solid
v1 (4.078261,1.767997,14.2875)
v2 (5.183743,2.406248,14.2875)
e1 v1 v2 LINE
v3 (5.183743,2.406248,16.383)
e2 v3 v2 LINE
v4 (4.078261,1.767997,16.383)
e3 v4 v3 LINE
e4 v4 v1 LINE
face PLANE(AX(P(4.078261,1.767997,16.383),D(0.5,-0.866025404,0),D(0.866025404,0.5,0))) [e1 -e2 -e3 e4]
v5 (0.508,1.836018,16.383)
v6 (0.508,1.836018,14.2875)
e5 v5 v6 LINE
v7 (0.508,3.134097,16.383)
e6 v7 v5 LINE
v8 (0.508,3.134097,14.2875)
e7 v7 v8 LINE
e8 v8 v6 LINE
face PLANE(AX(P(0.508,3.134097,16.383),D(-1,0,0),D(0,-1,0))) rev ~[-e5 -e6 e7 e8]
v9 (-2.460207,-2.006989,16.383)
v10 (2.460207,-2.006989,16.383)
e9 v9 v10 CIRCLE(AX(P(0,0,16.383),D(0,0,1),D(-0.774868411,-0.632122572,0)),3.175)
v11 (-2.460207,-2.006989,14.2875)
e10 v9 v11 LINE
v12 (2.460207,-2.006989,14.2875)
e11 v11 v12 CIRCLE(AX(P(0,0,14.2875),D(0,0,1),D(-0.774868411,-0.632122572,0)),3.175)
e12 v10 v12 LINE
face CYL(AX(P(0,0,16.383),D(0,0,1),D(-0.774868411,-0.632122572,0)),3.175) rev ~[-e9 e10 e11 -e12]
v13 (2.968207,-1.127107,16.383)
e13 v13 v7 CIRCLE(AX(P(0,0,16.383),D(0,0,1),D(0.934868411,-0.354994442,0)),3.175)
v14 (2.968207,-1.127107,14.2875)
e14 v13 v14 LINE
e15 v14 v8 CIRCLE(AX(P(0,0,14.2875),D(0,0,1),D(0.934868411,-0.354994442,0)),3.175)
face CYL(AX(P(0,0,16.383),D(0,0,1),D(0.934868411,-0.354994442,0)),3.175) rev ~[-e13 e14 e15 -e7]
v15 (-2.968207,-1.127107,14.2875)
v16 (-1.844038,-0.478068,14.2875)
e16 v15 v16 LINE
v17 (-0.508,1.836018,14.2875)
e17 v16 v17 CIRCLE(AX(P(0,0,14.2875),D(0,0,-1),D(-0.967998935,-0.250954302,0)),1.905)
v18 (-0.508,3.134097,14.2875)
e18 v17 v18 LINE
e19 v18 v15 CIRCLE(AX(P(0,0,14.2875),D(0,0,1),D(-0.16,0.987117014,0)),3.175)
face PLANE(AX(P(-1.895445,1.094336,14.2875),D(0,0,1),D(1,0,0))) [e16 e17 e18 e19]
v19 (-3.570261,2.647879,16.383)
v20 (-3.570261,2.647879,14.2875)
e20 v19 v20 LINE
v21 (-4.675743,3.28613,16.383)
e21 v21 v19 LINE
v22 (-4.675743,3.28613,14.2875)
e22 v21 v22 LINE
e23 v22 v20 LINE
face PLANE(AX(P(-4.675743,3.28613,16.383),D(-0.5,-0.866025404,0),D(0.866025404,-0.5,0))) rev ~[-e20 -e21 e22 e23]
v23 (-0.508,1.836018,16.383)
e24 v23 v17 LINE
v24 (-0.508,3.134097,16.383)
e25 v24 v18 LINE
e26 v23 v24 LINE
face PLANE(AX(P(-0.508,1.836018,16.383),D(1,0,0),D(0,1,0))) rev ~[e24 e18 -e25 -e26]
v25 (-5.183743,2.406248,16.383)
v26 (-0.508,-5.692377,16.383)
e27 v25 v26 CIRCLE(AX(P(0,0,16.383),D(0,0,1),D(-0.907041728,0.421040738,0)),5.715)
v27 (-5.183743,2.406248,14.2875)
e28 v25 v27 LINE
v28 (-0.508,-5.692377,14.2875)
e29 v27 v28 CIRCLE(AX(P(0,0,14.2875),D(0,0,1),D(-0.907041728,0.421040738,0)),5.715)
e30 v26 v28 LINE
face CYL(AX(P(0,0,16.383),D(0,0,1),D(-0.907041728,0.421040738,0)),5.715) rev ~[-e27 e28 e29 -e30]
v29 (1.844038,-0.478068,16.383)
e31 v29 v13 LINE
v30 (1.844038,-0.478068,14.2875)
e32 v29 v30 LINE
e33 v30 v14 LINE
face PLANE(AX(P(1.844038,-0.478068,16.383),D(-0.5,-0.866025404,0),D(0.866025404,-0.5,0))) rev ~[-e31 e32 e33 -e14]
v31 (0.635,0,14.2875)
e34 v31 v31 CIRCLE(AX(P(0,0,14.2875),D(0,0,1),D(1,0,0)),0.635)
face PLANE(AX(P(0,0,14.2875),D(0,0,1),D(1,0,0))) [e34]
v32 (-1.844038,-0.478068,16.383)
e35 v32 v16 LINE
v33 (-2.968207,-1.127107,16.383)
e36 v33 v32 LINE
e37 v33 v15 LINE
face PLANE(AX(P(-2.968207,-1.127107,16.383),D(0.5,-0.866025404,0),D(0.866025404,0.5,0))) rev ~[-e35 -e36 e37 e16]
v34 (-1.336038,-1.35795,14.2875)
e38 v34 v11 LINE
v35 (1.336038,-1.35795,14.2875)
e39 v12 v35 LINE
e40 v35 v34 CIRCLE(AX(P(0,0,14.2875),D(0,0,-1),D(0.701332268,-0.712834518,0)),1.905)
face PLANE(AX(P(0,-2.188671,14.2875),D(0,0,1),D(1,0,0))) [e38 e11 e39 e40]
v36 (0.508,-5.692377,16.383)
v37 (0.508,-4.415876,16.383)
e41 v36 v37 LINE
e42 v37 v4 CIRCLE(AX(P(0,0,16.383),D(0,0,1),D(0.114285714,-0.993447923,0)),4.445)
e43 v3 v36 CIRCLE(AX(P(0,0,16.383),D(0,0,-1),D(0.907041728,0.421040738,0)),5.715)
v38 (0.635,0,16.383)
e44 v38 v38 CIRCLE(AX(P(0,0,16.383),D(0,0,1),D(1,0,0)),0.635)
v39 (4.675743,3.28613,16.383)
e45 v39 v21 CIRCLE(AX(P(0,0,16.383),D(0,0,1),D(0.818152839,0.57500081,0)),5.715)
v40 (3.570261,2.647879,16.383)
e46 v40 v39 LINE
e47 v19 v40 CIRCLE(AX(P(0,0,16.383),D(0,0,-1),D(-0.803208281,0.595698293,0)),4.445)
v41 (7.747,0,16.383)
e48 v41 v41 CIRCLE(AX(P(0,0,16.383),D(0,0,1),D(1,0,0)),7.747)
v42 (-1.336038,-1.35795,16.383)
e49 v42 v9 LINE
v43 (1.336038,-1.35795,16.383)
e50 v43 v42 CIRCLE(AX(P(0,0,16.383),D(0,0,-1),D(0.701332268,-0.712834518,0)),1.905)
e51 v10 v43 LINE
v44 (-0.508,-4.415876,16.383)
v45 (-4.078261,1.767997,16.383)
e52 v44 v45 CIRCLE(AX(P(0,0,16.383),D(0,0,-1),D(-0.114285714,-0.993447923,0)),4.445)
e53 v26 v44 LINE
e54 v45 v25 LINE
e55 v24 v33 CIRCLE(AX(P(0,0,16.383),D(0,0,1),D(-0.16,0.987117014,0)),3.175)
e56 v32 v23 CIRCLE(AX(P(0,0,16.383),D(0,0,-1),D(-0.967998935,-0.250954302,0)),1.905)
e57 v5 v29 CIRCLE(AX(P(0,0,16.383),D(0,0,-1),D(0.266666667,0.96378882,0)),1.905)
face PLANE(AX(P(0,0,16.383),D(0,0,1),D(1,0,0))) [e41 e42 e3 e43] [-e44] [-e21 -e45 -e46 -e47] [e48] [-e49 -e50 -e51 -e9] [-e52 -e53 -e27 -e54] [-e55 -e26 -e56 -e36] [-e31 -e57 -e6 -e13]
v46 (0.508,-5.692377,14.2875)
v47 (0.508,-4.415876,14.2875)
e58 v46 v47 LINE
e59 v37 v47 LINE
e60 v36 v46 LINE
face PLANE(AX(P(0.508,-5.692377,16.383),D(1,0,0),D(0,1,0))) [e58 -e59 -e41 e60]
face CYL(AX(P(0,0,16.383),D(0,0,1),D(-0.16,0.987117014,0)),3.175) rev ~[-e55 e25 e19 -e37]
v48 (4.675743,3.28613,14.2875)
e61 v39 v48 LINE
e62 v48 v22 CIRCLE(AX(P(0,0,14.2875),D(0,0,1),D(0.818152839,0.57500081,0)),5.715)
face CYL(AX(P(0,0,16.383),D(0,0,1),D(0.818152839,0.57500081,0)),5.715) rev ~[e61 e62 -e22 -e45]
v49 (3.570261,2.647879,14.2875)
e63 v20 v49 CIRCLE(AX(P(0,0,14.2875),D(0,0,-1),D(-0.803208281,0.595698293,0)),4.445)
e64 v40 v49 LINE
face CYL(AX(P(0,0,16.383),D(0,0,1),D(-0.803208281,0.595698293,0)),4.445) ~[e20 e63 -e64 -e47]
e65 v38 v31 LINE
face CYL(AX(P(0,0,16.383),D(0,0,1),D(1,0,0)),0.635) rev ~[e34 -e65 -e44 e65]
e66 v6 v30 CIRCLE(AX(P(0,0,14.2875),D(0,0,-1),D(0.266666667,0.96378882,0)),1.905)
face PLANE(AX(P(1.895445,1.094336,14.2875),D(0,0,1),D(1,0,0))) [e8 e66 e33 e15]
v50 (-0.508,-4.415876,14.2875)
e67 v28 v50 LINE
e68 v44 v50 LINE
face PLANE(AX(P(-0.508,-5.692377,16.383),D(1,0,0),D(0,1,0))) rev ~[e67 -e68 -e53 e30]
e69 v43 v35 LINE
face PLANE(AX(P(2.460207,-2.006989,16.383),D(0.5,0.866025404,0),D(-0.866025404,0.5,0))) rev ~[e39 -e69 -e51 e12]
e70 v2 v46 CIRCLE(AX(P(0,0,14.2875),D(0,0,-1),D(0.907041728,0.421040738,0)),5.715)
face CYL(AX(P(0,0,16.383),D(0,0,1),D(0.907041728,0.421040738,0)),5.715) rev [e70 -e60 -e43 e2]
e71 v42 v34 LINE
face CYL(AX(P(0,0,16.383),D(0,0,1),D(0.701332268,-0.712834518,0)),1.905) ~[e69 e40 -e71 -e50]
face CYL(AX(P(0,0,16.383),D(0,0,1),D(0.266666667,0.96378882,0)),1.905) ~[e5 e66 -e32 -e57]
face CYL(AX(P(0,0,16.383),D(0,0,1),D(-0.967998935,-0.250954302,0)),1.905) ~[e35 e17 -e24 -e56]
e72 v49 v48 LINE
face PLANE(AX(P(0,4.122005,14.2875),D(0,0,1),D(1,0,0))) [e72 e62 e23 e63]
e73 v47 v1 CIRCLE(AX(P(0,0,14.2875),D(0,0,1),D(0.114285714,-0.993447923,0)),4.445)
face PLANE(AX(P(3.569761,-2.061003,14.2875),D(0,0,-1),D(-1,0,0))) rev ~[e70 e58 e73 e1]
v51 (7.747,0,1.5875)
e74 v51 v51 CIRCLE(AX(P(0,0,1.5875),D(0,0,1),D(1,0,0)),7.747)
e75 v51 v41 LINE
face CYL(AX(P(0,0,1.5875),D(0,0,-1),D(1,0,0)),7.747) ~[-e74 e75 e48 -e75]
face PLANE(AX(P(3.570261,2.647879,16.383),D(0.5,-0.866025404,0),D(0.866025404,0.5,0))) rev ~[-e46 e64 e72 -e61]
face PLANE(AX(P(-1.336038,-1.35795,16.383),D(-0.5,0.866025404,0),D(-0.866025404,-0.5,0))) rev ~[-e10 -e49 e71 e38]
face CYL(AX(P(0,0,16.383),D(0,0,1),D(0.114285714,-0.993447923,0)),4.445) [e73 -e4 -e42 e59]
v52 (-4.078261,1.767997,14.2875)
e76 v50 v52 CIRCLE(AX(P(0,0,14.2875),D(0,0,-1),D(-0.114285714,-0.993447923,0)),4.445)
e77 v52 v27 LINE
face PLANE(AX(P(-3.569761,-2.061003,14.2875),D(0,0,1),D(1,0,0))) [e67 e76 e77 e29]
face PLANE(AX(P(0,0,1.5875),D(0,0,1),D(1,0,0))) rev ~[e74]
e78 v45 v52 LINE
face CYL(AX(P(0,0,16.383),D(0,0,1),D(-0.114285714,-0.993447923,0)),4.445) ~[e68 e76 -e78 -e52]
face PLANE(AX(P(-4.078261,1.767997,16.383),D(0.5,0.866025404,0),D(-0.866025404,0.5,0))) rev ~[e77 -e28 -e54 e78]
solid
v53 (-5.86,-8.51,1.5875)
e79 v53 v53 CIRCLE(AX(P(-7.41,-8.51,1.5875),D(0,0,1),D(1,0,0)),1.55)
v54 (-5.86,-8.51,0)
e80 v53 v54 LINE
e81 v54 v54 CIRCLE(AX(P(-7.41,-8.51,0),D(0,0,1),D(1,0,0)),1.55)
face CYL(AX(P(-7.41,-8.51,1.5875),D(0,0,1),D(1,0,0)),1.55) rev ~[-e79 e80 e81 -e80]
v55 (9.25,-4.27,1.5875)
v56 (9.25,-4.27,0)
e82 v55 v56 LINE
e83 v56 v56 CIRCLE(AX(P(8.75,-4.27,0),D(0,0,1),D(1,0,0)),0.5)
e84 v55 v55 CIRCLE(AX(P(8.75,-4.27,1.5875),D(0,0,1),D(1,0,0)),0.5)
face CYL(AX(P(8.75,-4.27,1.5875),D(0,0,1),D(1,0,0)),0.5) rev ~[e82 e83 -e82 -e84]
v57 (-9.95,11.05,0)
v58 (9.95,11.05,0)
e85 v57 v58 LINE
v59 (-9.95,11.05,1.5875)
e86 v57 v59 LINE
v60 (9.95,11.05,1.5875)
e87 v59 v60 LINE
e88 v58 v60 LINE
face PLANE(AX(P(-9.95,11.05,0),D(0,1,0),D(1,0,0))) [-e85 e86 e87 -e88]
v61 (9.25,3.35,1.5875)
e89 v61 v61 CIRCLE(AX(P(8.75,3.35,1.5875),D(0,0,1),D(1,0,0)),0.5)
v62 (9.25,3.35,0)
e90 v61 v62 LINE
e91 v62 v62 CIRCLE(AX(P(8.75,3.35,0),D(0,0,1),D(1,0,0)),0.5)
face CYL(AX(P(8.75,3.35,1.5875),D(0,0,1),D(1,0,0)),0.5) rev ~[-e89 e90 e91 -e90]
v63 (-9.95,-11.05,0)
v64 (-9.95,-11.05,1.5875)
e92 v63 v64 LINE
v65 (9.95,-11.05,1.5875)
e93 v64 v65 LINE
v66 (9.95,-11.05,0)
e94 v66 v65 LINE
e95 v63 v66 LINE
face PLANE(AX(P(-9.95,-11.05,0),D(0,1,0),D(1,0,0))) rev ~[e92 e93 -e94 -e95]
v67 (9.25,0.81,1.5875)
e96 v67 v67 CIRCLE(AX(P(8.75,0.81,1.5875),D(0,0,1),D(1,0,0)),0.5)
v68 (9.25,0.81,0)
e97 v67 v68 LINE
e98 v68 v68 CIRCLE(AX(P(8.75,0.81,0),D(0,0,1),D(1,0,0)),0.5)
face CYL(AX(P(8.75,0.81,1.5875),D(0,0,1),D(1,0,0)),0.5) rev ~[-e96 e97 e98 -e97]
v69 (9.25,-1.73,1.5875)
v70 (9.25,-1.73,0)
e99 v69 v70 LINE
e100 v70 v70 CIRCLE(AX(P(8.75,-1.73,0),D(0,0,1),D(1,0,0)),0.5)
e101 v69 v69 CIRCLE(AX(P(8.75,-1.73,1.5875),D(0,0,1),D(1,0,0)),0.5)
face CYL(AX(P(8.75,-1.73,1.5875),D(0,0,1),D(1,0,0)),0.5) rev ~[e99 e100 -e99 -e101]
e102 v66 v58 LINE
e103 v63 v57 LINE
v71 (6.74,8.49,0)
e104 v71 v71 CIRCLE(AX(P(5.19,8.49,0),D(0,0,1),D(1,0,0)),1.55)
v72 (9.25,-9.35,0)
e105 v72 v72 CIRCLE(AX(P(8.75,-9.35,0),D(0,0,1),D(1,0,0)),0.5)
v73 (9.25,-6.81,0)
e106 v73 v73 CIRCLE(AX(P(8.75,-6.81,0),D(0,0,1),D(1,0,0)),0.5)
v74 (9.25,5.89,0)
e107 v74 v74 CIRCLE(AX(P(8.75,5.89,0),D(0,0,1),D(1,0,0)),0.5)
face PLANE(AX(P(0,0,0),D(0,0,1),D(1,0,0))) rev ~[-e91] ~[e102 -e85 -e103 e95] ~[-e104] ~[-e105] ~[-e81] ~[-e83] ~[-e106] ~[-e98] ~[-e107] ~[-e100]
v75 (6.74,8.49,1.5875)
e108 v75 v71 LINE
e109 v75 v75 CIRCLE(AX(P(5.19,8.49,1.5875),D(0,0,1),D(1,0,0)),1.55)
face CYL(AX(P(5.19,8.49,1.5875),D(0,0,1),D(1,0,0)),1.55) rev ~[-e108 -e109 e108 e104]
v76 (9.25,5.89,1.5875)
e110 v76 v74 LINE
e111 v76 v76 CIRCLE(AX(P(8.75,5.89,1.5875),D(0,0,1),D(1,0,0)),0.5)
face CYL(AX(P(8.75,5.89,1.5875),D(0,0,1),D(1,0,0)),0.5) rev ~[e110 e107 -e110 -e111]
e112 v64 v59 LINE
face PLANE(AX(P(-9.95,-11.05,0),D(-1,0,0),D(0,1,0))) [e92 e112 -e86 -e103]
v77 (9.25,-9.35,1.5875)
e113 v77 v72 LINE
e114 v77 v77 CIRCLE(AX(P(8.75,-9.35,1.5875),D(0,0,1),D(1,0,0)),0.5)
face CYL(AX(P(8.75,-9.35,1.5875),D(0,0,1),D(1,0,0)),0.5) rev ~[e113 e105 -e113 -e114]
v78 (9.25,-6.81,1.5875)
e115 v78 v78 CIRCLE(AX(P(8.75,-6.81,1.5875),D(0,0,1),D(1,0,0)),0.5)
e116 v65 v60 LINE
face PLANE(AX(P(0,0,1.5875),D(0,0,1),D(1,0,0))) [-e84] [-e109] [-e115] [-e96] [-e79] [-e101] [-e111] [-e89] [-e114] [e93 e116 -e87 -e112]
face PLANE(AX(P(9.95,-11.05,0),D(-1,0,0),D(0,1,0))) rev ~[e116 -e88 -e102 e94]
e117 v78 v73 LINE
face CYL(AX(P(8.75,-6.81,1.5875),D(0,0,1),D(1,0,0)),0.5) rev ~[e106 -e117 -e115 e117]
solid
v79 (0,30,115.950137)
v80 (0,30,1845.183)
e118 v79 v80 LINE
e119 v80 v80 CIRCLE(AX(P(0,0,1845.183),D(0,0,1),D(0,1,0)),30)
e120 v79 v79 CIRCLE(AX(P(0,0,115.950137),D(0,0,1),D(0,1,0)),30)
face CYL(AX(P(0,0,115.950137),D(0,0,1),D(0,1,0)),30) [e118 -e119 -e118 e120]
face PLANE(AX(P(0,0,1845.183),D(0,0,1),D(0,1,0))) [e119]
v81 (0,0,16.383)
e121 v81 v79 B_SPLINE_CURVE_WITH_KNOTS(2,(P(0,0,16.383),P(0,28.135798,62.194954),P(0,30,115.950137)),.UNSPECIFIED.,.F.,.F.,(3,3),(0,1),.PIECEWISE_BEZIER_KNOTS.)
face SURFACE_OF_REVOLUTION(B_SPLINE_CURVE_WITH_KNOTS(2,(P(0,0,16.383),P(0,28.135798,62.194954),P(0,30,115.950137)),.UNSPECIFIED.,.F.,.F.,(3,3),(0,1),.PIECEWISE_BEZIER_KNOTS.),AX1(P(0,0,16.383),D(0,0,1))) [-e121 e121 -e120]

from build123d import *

# Parameters (mm, degrees)
SKETCH1_W          = 19.9
SKETCH1_H          = 22.1
EXTRUDE1_DEPTH     = 1.5875
SKETCH2_R          = 7.747
EXTRUDE2_DEPTH     = 14.7955
SKETCH3_R          = 0.635
EXTRUDE3_DEPTH     = 2.0955
SKETCH5_R          = 1.55
CUT_EXTRUDE1_DEPTH = 2.5875
SKETCH6_R          = 0.5
CUT_EXTRUDE2_DEPTH = 2.5875


with BuildPart() as part:
    # Sketch1 → Extrude1 (new body)
    with BuildSketch(Plane.XY):
        Rectangle(SKETCH1_W, SKETCH1_H)
    extrude(amount=EXTRUDE1_DEPTH)

    # Sketch5 → Cut-Extrude1 (cut, through all)
    with BuildSketch(Plane.XY.offset(1.5875)):
        with Locations((5.19, 8.49)):
            Circle(SKETCH5_R)
        with Locations((-7.41, -8.51)):
            Circle(SKETCH5_R)
    extrude(amount=-CUT_EXTRUDE1_DEPTH, mode=Mode.SUBTRACT)

    # Sketch6 → Cut-Extrude2 (cut, through all)
    with BuildSketch(Plane.XY.offset(1.5875)):
        with Locations((8.75, 5.89)):
            Circle(SKETCH6_R)
        with Locations((8.75, 3.35)):
            Circle(SKETCH6_R)
        with Locations((8.75, 0.81)):
            Circle(SKETCH6_R)
        with Locations((8.75, -1.73)):
            Circle(SKETCH6_R)
        with Locations((8.75, -4.27)):
            Circle(SKETCH6_R)
        with Locations((8.75, -6.81)):
            Circle(SKETCH6_R)
        with Locations((8.75, -9.35)):
            Circle(SKETCH6_R)
    extrude(amount=-CUT_EXTRUDE2_DEPTH, mode=Mode.SUBTRACT)


with BuildPart() as body_2:
    # Sketch2 → Extrude2 (new body)
    with BuildSketch(Plane.XY.offset(1.5875)):
        Circle(SKETCH2_R)
    extrude(amount=EXTRUDE2_DEPTH)

    # Sketch3 → Extrude3 (cut)
    with BuildSketch(Plane.XY.offset(16.383)):
        with BuildLine():
            Line((3.570260811, 2.647878914), (4.675743477, 3.286129629))
            ThreePointArc((4.675743477, 3.286129629), (0, 5.715), (-4.675743477, 3.286129629))
            Line((-4.675743477, 3.286129629), (-3.570260811, 2.647878914))
            ThreePointArc((-3.570260811, 2.647878914), (0, 4.445), (3.570260811, 2.647878914))
        make_face()
        with BuildLine():
            Line((-4.078260811, 1.767997104), (-5.183743477, 2.406247818))
            ThreePointArc((-5.183743477, 2.406247818), (-4.949335183, -2.8575), (-0.508, -5.692377447))
            Line((-0.508, -5.692377447), (-0.508, -4.415876017))
            ThreePointArc((-0.508, -4.415876017), (-3.84948292, -2.2225), (-4.078260811, 1.767997104))
        make_face()
        with BuildLine():
            Line((-0.508, 1.836017701), (-0.508, 3.134096521))
            ThreePointArc((-0.508, 3.134096521), (-2.749630657, 1.5875), (-2.968207205, -1.127107355))
            Line((-2.968207205, -1.127107355), (-1.844037971, -0.478067946))
            ThreePointArc((-1.844037971, -0.478067946), (-1.649778394, 0.9525), (-0.508, 1.836017701))
        make_face()
        with BuildLine():
            Line((-1.336037971, -1.357949756), (-2.460207205, -2.006989165))
            ThreePointArc((-2.460207205, -2.006989165), (0, -3.175), (2.460207205, -2.006989165))
            Line((2.460207205, -2.006989165), (1.336037971, -1.357949756))
            ThreePointArc((1.336037971, -1.357949756), (0, -1.905), (-1.336037971, -1.357949756))
        make_face()
        Circle(SKETCH3_R)
        with BuildLine():
            Line((1.844037971, -0.478067946), (2.968207205, -1.127107355))
            ThreePointArc((2.968207205, -1.127107355), (2.749630657, 1.5875), (0.508, 3.134096521))
            Line((0.508, 3.134096521), (0.508, 1.836017701))
            ThreePointArc((0.508, 1.836017701), (1.649778394, 0.9525), (1.844037971, -0.478067946))
        make_face()
        with BuildLine():
            ThreePointArc((0.508, -4.415876017), (3.84948292, -2.2225), (4.078260811, 1.767997104))
            Line((4.078260811, 1.767997104), (5.183743477, 2.406247818))
            ThreePointArc((5.183743477, 2.406247818), (4.949335183, -2.8575), (0.508, -5.692377447))
            Line((0.508, -5.692377447), (0.508, -4.415876017))
        make_face()
    extrude(amount=-EXTRUDE3_DEPTH, mode=Mode.SUBTRACT)


with BuildPart() as body_3:
    # Sketch7 → Revolve2 (revolve)
    with BuildSketch(Plane(origin=(0, 0, 0), x_dir=(0, 0, -1), z_dir=(1, 0, 0))):
        with BuildLine():
            Line((-115.950137273, 30), (-1845.183, 30))
            Line((-1845.183, 30), (-1845.183, 0))
            Line((-1845.183, 0), (-16.383, 0))
            add(Edge.make_bspline(
                [(-16.383, 0), (-62.194954023, 28.135797835), (-115.950137273, 30)],
                knots=[0, 0, 0, 1, 1, 1], degree=2))
        make_face()
    revolve(axis=Axis((0, 0, 16.383), (0, 0, 1)))


solid = Compound([part.part, body_2.part, body_3.part])
